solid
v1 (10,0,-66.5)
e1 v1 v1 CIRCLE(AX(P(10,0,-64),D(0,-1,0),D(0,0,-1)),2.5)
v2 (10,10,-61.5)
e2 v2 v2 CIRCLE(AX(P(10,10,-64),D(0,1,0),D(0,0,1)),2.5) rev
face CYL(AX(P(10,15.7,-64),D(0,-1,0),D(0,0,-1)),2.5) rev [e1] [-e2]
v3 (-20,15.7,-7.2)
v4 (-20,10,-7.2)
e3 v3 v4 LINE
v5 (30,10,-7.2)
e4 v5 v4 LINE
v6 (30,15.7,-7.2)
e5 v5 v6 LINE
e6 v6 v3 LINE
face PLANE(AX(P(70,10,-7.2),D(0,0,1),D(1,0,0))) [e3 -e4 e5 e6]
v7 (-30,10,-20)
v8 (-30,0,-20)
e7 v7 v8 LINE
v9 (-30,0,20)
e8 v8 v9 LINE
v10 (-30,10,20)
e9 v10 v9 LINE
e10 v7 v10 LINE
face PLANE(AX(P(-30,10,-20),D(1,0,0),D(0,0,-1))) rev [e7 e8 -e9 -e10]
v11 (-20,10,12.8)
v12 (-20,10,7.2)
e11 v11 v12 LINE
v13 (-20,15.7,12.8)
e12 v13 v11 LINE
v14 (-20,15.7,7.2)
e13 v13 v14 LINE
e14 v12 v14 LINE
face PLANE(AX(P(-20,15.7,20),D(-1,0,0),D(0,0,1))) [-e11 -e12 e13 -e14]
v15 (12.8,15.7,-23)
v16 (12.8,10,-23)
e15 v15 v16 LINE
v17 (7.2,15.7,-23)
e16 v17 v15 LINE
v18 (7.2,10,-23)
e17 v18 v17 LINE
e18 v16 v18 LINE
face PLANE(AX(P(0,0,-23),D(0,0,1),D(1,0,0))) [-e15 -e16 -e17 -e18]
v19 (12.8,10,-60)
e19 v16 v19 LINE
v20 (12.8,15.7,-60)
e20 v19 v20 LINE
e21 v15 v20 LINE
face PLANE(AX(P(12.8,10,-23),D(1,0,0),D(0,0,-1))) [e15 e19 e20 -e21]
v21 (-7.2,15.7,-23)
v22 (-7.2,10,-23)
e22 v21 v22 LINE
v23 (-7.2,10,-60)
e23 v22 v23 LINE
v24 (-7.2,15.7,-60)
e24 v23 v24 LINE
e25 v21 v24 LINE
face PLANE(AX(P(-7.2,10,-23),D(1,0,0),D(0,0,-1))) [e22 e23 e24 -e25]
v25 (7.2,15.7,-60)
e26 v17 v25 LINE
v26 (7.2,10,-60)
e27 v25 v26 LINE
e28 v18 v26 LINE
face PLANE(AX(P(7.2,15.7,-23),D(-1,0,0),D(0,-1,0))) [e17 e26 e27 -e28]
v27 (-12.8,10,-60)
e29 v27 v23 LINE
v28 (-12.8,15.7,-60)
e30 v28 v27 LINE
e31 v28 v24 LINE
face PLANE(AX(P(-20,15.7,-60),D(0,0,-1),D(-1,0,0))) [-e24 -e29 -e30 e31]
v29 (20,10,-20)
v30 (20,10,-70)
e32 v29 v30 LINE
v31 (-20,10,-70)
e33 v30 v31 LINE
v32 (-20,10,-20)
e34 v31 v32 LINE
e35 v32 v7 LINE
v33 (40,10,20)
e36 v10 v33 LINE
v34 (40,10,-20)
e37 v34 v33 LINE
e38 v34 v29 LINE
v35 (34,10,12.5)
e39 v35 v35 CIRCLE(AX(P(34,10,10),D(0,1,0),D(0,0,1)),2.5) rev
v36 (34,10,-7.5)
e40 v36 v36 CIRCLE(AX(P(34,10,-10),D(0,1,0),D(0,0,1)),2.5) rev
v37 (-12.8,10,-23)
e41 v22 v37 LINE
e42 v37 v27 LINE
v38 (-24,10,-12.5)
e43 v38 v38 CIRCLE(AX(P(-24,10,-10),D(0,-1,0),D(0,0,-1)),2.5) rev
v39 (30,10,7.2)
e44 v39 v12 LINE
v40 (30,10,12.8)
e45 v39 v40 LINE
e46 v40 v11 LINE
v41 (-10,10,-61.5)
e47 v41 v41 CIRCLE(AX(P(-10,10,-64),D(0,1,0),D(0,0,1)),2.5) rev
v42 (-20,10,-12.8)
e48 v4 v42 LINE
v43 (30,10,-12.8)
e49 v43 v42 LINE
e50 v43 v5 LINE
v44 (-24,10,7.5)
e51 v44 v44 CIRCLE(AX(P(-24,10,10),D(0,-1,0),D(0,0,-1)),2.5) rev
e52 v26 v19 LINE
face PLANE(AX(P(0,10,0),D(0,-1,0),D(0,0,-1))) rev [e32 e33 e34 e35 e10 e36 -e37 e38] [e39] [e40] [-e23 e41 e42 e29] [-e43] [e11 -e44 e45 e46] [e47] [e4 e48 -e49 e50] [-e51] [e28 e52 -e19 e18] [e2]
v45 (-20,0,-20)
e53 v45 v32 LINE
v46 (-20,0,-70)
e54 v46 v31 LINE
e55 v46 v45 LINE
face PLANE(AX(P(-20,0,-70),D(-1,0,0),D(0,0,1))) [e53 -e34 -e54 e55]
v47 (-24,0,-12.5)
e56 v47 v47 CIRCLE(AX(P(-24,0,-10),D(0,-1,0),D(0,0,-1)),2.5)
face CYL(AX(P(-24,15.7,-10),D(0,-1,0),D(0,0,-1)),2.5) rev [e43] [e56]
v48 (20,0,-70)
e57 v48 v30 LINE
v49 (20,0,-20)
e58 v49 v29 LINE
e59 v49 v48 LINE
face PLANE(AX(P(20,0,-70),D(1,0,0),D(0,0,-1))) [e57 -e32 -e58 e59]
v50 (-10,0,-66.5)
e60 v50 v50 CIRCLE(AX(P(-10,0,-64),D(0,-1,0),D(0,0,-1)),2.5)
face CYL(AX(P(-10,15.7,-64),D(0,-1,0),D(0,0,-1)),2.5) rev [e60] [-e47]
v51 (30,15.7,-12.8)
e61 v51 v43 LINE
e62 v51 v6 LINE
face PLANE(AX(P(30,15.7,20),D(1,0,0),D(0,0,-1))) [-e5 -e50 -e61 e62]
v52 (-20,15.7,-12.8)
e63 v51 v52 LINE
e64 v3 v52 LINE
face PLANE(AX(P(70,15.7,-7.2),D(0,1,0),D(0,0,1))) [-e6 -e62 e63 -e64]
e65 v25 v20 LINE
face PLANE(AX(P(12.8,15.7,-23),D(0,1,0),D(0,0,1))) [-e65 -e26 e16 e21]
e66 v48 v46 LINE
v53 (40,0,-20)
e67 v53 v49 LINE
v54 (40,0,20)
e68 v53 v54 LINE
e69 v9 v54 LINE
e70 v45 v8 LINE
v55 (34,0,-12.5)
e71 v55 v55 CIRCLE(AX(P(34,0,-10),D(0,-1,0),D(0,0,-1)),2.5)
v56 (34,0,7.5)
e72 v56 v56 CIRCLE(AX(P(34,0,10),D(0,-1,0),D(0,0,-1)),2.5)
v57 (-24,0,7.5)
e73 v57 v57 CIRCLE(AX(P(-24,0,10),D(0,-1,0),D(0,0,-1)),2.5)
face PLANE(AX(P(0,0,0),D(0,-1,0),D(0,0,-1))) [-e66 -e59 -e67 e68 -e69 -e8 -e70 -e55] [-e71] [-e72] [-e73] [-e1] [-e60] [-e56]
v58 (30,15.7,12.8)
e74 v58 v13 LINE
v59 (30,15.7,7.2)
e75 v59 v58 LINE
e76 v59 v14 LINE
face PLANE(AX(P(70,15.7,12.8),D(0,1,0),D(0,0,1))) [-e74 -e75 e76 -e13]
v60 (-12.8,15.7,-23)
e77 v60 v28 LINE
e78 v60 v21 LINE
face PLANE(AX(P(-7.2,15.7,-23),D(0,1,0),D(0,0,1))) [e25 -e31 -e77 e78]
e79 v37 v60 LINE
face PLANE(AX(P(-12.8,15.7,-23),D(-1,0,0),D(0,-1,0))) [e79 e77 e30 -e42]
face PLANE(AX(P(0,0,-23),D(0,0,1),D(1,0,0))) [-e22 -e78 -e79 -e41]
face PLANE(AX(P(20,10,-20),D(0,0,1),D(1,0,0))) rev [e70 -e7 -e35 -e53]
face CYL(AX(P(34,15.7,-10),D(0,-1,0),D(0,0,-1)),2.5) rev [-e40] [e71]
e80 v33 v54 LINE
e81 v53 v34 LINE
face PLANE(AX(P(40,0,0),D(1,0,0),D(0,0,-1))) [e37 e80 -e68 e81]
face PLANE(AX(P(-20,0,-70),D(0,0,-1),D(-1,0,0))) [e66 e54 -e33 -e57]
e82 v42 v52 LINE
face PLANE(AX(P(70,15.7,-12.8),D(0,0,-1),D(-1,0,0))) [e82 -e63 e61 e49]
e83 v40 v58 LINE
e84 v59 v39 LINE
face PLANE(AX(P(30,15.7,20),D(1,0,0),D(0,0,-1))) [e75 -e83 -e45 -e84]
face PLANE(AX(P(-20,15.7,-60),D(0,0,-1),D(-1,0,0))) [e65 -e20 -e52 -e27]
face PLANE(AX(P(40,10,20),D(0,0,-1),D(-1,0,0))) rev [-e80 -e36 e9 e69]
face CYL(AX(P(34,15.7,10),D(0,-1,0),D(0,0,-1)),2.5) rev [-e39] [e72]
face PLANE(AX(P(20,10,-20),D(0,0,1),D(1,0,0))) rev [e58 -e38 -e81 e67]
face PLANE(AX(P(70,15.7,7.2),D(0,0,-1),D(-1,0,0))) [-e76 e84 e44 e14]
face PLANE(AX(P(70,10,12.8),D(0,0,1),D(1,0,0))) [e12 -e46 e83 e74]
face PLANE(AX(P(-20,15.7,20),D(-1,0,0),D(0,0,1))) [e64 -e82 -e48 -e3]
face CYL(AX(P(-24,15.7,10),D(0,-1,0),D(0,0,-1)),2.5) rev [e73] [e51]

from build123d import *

# Parameters (mm, degrees)
SALIENTE_EXTRUIR1_DEPTH = 10
SALIENTE_EXTRUIR3_DEPTH = 100
CROQUIS5_W              = 40
CROQUIS5_H              = 50
SALIENTE_EXTRUIR5_DEPTH = 10
SALIENTE_EXTRUIR7_DEPTH = 47
CROQUIS13_W             = 59.276280914
CROQUIS13_H             = 44.398623438
CORTAR_EXTRUIR4_DEPTH   = 30
CROQUIS14_R             = 2.5
CORTAR_EXTRUIR5_DEPTH   = 16.7
CROQUIS15_W             = 10
CROQUIS15_H             = 40
CROQUIS15_W_2           = 40
CROQUIS15_H_2           = 10
CORTAR_EXTRUIR6_DEPTH   = 6.7


with BuildPart() as part:
    # Croquis1 → Saliente-Extruir1 (new body)
    with BuildSketch(Plane(origin=(0, 0, 0), x_dir=(1, 0, 0), z_dir=(0, 1, 0))):
        Polygon((20, 20), (-30, 20), (-30, -20), (40, -20), (70, -20), (70, 20), align=None)
    extrude(amount=SALIENTE_EXTRUIR1_DEPTH)

    # Croquis3 → Saliente-Extruir3 (add)
    with BuildSketch(Plane.ZY.offset(30)):
        Polygon((10, 10), (12.8, 10), (12.8, 15.7), (7.2, 15.7), (7.2, 10), align=None)
        Polygon((-10, 10), (-7.2, 10), (-7.2, 15.7), (-12.8, 15.7), (-12.8, 10), align=None)
    extrude(amount=-SALIENTE_EXTRUIR3_DEPTH)

    # Croquis5 → Saliente-Extruir5 (add)
    with BuildSketch(Plane(origin=(0, 10, 0), x_dir=(1, 0, 0), z_dir=(0, 1, 0))):
        with Locations((0, 45)):
            Rectangle(CROQUIS5_W, CROQUIS5_H)
    extrude(amount=-SALIENTE_EXTRUIR5_DEPTH)

    # Croquis7 → Saliente-Extruir7 (add)
    with BuildSketch(Plane(origin=(0, 0, -70), x_dir=(-1, 0, 0), z_dir=(0, 0, -1))):
        Polygon((-10, 10), (-12.8, 10), (-12.8, 15.7), (-7.2, 15.7), (-7.2, 10), align=None)
        Polygon((10, 10), (7.2, 10), (7.2, 15.7), (12.8, 15.7), (12.8, 10), align=None)
    extrude(amount=-SALIENTE_EXTRUIR7_DEPTH)

    # Croquis13 → Cortar-Extruir4 (cut)
    with BuildSketch(Plane(origin=(70, 0, 0), x_dir=(0, 0, -1), z_dir=(1, 0, 0))):
        Rectangle(CROQUIS13_W, CROQUIS13_H)
    extrude(amount=-CORTAR_EXTRUIR4_DEPTH, mode=Mode.SUBTRACT)

    # Croquis14 → Cortar-Extruir5 (cut, through all)
    with BuildSketch(Plane(origin=(0, 0, 0), x_dir=(-1, 0, 0), z_dir=(0, -1, 0))):
        with Locations((-34, -10)):
            Circle(CROQUIS14_R)
        with Locations((-34, 10)):
            Circle(CROQUIS14_R)
        with Locations((24, -10)):
            Circle(CROQUIS14_R)
        with Locations((24, 10)):
            Circle(CROQUIS14_R)
        with Locations((10, 64)):
            Circle(CROQUIS14_R)
        with Locations((-10, 64)):
            Circle(CROQUIS14_R)
    extrude(amount=-CORTAR_EXTRUIR5_DEPTH, mode=Mode.SUBTRACT)

    # Croquis15 → Cortar-Extruir6 (cut, through all)
    with BuildSketch(Plane(origin=(0, 10, 0), x_dir=(1, 0, 0), z_dir=(0, 1, 0))):
        with Locations((35, 0)):
            Rectangle(CROQUIS15_W, CROQUIS15_H)
        with Locations((-25, 0)):
            Rectangle(CROQUIS15_W, CROQUIS15_H)
        with Locations((0, 65)):
            Rectangle(CROQUIS15_W_2, CROQUIS15_H_2)
    extrude(amount=CORTAR_EXTRUIR6_DEPTH, mode=Mode.SUBTRACT)


solid = part.part
